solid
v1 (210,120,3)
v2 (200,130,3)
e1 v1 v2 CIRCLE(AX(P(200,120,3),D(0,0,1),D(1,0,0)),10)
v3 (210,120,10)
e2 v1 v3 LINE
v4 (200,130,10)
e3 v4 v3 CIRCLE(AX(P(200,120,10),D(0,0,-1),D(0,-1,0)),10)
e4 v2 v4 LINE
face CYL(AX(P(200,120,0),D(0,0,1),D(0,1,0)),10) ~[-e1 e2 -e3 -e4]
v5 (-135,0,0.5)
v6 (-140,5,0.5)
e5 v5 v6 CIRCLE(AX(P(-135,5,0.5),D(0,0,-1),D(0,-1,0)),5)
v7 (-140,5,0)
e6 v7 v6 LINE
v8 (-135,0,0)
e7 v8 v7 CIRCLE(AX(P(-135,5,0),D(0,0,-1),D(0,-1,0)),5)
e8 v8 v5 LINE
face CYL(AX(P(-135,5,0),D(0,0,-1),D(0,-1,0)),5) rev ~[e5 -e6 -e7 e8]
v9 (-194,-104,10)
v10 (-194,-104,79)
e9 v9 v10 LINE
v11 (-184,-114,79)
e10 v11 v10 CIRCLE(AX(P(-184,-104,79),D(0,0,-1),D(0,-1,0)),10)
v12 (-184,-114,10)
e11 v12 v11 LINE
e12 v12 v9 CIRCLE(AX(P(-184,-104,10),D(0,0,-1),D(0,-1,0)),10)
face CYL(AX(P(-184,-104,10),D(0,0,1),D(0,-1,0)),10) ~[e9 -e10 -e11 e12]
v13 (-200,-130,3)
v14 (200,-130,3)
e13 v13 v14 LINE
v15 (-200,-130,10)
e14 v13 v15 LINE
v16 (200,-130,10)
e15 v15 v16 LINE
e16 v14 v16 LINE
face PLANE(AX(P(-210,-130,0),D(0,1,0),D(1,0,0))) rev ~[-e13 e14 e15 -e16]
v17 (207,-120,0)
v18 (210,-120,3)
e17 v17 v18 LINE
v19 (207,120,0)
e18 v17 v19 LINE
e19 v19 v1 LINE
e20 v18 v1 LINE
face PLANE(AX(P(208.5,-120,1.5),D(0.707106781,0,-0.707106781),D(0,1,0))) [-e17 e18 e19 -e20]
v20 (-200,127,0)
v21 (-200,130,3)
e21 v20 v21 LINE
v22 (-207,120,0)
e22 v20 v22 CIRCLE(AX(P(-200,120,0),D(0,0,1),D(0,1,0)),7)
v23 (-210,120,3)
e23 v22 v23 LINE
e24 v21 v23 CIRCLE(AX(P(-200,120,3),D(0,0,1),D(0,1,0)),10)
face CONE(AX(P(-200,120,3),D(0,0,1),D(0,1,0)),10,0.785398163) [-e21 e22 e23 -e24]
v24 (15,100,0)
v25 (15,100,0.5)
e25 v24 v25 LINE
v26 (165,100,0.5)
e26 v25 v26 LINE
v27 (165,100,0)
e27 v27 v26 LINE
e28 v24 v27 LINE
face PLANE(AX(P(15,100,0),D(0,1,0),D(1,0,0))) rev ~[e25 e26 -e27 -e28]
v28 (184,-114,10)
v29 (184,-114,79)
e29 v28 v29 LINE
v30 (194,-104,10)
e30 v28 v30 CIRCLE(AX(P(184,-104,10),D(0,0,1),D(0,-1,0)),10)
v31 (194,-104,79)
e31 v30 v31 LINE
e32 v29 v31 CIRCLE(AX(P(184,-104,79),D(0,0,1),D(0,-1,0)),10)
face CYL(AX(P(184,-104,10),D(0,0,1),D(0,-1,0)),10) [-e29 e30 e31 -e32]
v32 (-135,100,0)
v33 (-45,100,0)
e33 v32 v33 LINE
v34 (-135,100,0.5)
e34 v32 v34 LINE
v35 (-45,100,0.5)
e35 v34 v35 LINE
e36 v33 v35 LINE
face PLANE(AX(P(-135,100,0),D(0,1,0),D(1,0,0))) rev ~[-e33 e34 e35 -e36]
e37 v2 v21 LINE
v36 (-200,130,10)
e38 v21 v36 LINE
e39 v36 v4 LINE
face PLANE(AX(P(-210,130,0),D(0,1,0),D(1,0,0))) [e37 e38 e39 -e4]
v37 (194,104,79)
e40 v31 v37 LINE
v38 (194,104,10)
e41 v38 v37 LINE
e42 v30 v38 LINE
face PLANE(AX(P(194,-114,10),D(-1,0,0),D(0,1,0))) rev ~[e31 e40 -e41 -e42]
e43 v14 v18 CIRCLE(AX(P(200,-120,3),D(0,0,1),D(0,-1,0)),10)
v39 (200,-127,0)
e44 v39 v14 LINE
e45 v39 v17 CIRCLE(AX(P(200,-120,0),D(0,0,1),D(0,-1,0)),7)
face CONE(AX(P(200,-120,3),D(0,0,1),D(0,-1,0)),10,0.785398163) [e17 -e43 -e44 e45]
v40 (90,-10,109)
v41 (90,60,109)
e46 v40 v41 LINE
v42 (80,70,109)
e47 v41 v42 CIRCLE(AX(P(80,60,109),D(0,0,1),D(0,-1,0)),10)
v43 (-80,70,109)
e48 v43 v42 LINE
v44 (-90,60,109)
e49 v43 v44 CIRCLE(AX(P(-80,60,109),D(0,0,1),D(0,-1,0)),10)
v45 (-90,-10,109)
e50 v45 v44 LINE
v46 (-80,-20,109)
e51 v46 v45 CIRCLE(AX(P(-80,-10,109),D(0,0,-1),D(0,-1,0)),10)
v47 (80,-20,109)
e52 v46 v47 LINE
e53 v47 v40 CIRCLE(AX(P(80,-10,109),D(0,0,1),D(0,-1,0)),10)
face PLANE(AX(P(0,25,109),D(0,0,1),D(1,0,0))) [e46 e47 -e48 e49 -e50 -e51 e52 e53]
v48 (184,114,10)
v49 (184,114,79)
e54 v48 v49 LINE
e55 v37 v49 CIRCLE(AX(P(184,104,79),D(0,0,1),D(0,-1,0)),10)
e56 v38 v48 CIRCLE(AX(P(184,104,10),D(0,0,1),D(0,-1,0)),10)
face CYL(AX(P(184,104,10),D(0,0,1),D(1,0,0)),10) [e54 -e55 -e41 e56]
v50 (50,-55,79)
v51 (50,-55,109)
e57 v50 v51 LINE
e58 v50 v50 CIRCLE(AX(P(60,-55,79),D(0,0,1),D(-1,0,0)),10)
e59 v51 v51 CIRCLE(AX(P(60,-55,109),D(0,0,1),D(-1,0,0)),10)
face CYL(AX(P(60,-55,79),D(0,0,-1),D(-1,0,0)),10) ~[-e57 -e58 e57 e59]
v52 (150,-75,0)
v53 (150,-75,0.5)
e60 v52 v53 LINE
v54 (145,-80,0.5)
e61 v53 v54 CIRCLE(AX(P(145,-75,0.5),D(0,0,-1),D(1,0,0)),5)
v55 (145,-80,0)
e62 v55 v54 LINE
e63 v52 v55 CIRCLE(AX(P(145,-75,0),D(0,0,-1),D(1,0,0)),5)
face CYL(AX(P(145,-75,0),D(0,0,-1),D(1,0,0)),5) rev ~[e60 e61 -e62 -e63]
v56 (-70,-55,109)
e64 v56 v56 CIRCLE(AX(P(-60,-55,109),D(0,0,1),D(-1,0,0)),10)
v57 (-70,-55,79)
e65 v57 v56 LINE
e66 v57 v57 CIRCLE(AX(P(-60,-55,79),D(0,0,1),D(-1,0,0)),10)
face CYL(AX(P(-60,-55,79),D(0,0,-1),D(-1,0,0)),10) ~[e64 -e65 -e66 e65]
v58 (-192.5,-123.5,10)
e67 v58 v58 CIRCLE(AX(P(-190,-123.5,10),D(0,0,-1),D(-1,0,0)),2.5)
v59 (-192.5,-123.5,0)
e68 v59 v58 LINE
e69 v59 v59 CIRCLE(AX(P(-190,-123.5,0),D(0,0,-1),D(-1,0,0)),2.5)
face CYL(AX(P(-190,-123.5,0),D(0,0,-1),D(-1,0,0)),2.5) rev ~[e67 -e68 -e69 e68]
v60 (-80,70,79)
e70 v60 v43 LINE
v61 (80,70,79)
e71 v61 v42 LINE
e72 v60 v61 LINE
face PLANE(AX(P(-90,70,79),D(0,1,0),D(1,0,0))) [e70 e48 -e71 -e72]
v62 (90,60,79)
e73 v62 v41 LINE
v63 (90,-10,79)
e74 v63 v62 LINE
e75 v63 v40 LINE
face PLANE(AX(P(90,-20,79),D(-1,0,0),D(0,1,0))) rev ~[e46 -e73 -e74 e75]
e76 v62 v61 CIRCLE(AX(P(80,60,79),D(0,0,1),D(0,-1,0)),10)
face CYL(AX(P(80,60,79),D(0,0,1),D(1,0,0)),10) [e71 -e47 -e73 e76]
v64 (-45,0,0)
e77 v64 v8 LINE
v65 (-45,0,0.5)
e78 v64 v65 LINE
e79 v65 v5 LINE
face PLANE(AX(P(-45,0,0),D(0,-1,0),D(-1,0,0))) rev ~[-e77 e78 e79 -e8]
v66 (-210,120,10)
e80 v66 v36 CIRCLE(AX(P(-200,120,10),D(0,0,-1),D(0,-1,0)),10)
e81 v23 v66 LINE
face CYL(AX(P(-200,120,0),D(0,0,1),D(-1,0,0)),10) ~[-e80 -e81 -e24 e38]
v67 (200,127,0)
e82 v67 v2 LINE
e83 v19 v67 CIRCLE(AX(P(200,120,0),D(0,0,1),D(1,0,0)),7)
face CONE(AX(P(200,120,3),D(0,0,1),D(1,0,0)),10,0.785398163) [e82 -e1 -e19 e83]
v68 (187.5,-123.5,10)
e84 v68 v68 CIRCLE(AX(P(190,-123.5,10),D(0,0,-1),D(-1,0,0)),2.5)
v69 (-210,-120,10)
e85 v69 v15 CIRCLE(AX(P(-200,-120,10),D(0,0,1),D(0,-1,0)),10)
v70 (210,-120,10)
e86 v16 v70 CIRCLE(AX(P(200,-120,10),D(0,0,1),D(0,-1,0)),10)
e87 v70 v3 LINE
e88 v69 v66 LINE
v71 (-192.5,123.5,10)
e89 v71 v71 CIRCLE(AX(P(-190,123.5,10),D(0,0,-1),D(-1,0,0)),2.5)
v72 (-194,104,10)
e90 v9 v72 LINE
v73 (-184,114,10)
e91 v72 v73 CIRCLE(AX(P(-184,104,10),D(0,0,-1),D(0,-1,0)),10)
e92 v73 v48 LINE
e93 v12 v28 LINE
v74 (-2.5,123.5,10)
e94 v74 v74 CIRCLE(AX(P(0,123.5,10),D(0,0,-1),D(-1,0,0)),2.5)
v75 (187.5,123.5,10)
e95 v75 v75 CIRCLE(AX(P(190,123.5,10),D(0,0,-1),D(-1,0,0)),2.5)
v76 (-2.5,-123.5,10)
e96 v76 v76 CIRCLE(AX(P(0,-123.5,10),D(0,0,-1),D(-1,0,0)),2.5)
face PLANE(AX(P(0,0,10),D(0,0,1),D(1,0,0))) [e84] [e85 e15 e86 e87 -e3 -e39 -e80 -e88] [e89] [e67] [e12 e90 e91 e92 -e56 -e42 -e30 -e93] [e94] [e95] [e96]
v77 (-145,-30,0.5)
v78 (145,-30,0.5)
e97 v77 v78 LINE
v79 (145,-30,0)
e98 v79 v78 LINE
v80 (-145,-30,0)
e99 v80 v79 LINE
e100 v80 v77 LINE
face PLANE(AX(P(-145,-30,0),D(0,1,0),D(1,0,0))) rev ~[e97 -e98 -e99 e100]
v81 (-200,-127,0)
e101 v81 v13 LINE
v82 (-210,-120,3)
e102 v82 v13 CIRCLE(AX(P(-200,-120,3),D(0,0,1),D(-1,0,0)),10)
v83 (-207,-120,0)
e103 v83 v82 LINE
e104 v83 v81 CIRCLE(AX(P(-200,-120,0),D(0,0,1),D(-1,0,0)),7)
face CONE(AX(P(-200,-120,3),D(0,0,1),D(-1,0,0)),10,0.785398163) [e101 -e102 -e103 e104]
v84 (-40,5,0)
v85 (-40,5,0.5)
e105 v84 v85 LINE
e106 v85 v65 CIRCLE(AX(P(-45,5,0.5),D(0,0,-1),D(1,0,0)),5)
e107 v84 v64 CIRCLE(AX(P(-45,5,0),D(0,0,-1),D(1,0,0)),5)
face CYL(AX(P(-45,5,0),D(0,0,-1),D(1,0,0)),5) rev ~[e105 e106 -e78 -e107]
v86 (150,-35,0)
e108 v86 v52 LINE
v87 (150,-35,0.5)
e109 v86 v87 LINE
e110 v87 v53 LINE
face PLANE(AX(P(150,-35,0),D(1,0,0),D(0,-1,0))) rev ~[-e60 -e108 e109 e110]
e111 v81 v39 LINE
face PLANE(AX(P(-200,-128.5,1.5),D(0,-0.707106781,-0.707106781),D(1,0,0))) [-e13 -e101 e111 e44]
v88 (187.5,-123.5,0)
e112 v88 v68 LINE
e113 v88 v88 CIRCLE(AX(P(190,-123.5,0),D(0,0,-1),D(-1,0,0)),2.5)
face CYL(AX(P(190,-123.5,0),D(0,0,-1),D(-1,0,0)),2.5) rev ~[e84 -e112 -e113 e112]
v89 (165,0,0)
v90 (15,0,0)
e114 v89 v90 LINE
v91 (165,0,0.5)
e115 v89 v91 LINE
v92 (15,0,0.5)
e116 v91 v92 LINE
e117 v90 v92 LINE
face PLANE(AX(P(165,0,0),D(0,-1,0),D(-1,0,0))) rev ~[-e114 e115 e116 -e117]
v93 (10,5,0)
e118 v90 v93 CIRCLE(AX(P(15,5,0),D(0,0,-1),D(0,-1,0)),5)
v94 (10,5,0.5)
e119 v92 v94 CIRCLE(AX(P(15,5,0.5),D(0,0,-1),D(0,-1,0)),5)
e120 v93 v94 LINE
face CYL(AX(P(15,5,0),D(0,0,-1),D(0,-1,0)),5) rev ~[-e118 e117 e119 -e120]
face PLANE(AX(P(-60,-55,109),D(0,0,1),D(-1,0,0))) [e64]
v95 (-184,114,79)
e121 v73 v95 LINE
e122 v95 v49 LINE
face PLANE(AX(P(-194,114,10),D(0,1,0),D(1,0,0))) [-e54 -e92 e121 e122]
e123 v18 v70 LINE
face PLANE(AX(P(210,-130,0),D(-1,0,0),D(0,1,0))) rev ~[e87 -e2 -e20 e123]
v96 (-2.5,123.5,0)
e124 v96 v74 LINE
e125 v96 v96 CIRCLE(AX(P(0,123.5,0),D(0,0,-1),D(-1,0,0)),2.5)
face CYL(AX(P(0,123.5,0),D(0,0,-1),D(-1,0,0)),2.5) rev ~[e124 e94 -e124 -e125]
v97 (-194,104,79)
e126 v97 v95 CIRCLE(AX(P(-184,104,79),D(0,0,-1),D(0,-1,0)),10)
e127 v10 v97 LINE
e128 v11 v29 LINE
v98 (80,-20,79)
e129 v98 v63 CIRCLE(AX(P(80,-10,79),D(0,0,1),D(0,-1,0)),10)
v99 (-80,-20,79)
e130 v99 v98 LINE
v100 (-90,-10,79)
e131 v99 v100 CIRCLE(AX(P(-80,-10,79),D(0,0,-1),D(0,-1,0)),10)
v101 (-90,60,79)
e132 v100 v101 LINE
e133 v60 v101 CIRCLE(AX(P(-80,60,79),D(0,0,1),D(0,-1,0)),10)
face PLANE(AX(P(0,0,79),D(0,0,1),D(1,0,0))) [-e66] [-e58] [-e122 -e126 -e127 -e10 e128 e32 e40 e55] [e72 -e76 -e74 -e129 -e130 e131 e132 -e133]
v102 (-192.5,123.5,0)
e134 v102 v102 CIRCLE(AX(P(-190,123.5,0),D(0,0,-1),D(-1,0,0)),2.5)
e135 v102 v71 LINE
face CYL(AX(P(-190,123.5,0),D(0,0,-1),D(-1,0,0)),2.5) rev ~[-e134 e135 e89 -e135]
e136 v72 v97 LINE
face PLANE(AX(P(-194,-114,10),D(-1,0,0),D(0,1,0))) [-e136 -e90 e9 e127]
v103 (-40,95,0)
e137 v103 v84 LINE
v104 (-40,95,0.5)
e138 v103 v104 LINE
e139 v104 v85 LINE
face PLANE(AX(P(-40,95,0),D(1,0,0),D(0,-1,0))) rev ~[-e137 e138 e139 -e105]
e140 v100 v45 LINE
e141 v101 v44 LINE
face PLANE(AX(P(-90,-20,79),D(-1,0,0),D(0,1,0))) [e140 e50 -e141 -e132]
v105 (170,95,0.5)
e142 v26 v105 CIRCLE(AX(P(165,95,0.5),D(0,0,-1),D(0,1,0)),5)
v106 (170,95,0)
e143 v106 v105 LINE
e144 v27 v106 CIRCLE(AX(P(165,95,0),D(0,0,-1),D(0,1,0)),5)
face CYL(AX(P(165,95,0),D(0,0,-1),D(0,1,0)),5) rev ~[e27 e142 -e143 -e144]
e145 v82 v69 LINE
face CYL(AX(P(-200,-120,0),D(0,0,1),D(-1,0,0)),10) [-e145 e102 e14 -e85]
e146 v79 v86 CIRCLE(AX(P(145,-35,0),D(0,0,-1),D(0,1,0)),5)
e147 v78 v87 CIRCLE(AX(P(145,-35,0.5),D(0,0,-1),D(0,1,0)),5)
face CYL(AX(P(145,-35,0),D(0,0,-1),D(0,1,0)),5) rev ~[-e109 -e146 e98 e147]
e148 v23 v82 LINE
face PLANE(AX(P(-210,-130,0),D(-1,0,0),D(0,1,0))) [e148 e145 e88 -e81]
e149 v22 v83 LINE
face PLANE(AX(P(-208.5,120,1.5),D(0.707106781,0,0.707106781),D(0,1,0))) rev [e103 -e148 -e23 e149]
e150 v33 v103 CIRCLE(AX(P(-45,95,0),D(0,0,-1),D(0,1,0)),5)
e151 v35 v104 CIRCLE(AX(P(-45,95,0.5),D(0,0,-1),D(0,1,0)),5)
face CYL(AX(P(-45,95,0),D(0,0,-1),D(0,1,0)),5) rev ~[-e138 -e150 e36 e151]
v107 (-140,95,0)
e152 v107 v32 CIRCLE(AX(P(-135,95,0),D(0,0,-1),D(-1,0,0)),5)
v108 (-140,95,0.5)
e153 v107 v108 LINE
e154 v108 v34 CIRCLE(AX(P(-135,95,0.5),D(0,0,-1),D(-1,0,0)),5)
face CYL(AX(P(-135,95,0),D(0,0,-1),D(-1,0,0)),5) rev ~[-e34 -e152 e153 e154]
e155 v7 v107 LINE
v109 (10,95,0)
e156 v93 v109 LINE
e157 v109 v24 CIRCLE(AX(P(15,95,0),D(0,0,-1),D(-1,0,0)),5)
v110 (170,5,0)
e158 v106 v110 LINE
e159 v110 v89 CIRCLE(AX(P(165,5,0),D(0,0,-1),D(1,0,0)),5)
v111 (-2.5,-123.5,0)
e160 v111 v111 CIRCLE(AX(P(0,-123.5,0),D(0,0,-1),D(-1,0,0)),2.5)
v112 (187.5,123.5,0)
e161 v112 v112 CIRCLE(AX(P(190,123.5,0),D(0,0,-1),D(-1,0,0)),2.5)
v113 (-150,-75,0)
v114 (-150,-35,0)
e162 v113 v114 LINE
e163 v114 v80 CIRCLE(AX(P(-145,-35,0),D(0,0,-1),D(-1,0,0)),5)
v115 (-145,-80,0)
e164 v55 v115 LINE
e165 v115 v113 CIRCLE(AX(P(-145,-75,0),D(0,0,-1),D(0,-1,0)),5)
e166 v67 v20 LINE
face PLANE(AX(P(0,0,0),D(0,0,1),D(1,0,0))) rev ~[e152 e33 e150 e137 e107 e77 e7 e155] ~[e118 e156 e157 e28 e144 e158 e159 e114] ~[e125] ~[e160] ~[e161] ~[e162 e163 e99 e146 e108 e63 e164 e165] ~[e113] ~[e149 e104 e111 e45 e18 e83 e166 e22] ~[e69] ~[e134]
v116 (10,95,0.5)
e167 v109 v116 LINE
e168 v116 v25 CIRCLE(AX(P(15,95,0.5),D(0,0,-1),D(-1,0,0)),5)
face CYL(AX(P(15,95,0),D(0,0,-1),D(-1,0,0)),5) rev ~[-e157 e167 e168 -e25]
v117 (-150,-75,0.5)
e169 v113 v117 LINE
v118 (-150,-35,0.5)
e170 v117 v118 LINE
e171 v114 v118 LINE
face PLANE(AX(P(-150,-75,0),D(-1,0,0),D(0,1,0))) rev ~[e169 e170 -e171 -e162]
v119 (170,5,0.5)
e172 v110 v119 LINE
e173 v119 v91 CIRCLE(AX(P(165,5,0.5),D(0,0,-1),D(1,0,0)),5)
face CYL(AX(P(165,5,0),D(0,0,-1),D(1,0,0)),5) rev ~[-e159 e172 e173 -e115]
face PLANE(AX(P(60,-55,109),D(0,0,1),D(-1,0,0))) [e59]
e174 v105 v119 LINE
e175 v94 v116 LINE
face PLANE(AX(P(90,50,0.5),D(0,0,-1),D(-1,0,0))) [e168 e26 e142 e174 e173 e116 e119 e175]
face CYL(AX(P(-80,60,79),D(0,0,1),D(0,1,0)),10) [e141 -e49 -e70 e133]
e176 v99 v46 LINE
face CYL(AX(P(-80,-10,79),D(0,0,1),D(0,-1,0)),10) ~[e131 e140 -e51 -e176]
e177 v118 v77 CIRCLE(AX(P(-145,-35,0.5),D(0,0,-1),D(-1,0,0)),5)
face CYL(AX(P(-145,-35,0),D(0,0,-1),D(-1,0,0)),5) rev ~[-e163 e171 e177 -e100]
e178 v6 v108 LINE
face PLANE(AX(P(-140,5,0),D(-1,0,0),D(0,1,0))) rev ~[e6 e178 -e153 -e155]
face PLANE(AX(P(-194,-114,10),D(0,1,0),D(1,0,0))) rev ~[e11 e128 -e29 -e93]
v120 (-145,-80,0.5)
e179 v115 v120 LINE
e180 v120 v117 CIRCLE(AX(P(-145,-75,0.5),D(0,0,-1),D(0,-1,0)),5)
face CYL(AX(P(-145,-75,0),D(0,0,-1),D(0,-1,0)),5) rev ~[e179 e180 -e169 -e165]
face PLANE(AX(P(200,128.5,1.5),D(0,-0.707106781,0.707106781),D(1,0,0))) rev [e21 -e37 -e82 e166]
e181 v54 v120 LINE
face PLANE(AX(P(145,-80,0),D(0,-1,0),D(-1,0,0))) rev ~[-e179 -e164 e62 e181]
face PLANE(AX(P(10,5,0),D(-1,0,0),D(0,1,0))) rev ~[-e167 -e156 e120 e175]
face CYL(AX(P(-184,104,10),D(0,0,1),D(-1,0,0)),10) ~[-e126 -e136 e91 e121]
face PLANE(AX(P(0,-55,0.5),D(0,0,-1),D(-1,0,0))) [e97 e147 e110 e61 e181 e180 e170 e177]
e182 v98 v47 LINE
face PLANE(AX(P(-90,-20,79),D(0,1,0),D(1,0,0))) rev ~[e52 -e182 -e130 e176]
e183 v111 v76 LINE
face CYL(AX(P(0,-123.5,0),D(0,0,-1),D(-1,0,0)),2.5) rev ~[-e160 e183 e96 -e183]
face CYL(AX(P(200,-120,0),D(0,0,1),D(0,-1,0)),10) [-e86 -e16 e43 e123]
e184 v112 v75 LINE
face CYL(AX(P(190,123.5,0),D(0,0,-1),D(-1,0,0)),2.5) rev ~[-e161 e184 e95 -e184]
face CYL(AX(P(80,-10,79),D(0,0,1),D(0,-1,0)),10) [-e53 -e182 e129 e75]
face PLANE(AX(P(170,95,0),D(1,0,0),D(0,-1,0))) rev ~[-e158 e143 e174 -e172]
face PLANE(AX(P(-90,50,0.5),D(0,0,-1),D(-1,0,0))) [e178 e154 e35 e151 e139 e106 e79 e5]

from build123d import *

# Parameters (mm, degrees)
SKETCH_1_W          = 420
SKETCH_1_H          = 260
EXTRUDE_1_DEPTH     = 10
SKETCH_2_W          = 388
SKETCH_2_H          = 228
EXTRUDE_2_DEPTH     = 69
SKETCH_3_R          = 10
SKETCH_3_W          = 180
SKETCH_3_H          = 90
EXTRUDE_3_DEPTH     = 30
SKETCH_4_R          = 2.5
CUT_EXTRUDE_1_DEPTH = 270.964812522
FILLET_1_R          = 10
CUT_EXTRUDE_2_DEPTH = 0.5
CHAMFER_1_SIZE      = 3


with BuildPart() as part:
    # 草图1 → 凸台-拉伸1 (new body)
    with BuildSketch(Plane.XY):
        Rectangle(SKETCH_1_W, SKETCH_1_H)
    extrude(amount=EXTRUDE_1_DEPTH)

    # 草图2 → 凸台-拉伸2 (add)
    with BuildSketch(Plane.XY.offset(10)):
        Rectangle(SKETCH_2_W, SKETCH_2_H)
    extrude(amount=EXTRUDE_2_DEPTH)

    # 草图3 → 凸台-拉伸3 (add)
    with BuildSketch(Plane.XY.offset(79)):
        with Locations(Location((-60, -55, 0), (0, 0, 180))):
            Circle(SKETCH_3_R)
        with Locations(Location((60, -55, 0), (0, 0, 180))):
            Circle(SKETCH_3_R)
        with Locations((0, 25)):
            Rectangle(SKETCH_3_W, SKETCH_3_H)
    extrude(amount=EXTRUDE_3_DEPTH)

    # 草图4 → 切除-拉伸1 (cut, through all)
    with BuildSketch(Plane(origin=(0, 0, 0), x_dir=(-1, 0, 0), z_dir=(0, 0, -1))):
        with Locations((-190, 123.5)):
            Circle(SKETCH_4_R)
        with Locations((0, 123.5)):
            Circle(SKETCH_4_R)
        with Locations((190, 123.5)):
            Circle(SKETCH_4_R)
        with Locations((190, -123.5)):
            Circle(SKETCH_4_R)
        with Locations((0, -123.5)):
            Circle(SKETCH_4_R)
        with Locations((-190, -123.5)):
            Circle(SKETCH_4_R)
    extrude(amount=-CUT_EXTRUDE_1_DEPTH, mode=Mode.SUBTRACT)

    # 圆角1
    fillet_1_edges = [part.edges().sort_by_distance(p)[0] for p in [
        (194, -114, 44.5),
        (194, 114, 44.5),
        (-194, 114, 44.5),
        (-194, -114, 44.5),
        (90, -20, 94),
        (90, 70, 94),
        (-90, 70, 94),
        (-90, -20, 94),
        (210, -130, 5),
        (-210, -130, 5),
        (-210, 130, 5),
        (210, 130, 5),
    ]]
    fillet(fillet_1_edges, radius=FILLET_1_R)

    # 草图5 → 切除-拉伸2 (cut)
    with BuildSketch(Plane(origin=(0, 0, 0), x_dir=(-1, 0, 0), z_dir=(0, 0, -1))):
        with BuildLine():
            Line((-165, 0), (-15, 0))
            ThreePointArc((-15, 0), (-11.464466094, 1.464466094), (-10, 5))
            Line((-10, 5), (-10, 95))
            ThreePointArc((-10, 95), (-11.464466094, 98.535533906), (-15, 100))
            Line((-15, 100), (-165, 100))
            ThreePointArc((-165, 100), (-168.535533906, 98.535533906), (-170, 95))
            Line((-170, 95), (-170, 5))
            ThreePointArc((-170, 5), (-168.535533906, 1.464466094), (-165, 0))
        make_face()
        with BuildLine():
            Line((45, 0), (135, 0))
            ThreePointArc((135, 0), (138.535533906, 1.464466094), (140, 5))
            Line((140, 5), (140, 95))
            ThreePointArc((140, 95), (138.535533906, 98.535533906), (135, 100))
            Line((135, 100), (45, 100))
            ThreePointArc((45, 100), (41.464466094, 98.535533906), (40, 95))
            Line((40, 95), (40, 5))
            ThreePointArc((40, 5), (41.464466094, 1.464466094), (45, 0))
        make_face()
        with BuildLine():
            Line((-145, -80), (145, -80))
            ThreePointArc((145, -80), (148.535533906, -78.535533906), (150, -75))
            Line((150, -75), (150, -35))
            ThreePointArc((150, -35), (148.535533906, -31.464466094), (145, -30))
            Line((145, -30), (-145, -30))
            ThreePointArc((-145, -30), (-148.535533906, -31.464466094), (-150, -35))
            Line((-150, -35), (-150, -75))
            ThreePointArc((-150, -75), (-148.535533906, -78.535533906), (-145, -80))
        make_face()
    extrude(amount=-CUT_EXTRUDE_2_DEPTH, mode=Mode.SUBTRACT)

    # 倒角1
    chamfer_1_edges = [part.edges().sort_by_distance(p)[0] for p in [
        (210, 0, 0),
        (0, -130, 0),
        (-210, 0, 0),
        (0, 130, 0),
        (207.071067812, 127.071067812, 0),
        (-207.071067812, 127.071067812, 0),
        (-207.071067812, -127.071067812, 0),
        (207.071067812, -127.071067812, 0),
    ]]
    chamfer(chamfer_1_edges, length=CHAMFER_1_SIZE)


solid = part.part
